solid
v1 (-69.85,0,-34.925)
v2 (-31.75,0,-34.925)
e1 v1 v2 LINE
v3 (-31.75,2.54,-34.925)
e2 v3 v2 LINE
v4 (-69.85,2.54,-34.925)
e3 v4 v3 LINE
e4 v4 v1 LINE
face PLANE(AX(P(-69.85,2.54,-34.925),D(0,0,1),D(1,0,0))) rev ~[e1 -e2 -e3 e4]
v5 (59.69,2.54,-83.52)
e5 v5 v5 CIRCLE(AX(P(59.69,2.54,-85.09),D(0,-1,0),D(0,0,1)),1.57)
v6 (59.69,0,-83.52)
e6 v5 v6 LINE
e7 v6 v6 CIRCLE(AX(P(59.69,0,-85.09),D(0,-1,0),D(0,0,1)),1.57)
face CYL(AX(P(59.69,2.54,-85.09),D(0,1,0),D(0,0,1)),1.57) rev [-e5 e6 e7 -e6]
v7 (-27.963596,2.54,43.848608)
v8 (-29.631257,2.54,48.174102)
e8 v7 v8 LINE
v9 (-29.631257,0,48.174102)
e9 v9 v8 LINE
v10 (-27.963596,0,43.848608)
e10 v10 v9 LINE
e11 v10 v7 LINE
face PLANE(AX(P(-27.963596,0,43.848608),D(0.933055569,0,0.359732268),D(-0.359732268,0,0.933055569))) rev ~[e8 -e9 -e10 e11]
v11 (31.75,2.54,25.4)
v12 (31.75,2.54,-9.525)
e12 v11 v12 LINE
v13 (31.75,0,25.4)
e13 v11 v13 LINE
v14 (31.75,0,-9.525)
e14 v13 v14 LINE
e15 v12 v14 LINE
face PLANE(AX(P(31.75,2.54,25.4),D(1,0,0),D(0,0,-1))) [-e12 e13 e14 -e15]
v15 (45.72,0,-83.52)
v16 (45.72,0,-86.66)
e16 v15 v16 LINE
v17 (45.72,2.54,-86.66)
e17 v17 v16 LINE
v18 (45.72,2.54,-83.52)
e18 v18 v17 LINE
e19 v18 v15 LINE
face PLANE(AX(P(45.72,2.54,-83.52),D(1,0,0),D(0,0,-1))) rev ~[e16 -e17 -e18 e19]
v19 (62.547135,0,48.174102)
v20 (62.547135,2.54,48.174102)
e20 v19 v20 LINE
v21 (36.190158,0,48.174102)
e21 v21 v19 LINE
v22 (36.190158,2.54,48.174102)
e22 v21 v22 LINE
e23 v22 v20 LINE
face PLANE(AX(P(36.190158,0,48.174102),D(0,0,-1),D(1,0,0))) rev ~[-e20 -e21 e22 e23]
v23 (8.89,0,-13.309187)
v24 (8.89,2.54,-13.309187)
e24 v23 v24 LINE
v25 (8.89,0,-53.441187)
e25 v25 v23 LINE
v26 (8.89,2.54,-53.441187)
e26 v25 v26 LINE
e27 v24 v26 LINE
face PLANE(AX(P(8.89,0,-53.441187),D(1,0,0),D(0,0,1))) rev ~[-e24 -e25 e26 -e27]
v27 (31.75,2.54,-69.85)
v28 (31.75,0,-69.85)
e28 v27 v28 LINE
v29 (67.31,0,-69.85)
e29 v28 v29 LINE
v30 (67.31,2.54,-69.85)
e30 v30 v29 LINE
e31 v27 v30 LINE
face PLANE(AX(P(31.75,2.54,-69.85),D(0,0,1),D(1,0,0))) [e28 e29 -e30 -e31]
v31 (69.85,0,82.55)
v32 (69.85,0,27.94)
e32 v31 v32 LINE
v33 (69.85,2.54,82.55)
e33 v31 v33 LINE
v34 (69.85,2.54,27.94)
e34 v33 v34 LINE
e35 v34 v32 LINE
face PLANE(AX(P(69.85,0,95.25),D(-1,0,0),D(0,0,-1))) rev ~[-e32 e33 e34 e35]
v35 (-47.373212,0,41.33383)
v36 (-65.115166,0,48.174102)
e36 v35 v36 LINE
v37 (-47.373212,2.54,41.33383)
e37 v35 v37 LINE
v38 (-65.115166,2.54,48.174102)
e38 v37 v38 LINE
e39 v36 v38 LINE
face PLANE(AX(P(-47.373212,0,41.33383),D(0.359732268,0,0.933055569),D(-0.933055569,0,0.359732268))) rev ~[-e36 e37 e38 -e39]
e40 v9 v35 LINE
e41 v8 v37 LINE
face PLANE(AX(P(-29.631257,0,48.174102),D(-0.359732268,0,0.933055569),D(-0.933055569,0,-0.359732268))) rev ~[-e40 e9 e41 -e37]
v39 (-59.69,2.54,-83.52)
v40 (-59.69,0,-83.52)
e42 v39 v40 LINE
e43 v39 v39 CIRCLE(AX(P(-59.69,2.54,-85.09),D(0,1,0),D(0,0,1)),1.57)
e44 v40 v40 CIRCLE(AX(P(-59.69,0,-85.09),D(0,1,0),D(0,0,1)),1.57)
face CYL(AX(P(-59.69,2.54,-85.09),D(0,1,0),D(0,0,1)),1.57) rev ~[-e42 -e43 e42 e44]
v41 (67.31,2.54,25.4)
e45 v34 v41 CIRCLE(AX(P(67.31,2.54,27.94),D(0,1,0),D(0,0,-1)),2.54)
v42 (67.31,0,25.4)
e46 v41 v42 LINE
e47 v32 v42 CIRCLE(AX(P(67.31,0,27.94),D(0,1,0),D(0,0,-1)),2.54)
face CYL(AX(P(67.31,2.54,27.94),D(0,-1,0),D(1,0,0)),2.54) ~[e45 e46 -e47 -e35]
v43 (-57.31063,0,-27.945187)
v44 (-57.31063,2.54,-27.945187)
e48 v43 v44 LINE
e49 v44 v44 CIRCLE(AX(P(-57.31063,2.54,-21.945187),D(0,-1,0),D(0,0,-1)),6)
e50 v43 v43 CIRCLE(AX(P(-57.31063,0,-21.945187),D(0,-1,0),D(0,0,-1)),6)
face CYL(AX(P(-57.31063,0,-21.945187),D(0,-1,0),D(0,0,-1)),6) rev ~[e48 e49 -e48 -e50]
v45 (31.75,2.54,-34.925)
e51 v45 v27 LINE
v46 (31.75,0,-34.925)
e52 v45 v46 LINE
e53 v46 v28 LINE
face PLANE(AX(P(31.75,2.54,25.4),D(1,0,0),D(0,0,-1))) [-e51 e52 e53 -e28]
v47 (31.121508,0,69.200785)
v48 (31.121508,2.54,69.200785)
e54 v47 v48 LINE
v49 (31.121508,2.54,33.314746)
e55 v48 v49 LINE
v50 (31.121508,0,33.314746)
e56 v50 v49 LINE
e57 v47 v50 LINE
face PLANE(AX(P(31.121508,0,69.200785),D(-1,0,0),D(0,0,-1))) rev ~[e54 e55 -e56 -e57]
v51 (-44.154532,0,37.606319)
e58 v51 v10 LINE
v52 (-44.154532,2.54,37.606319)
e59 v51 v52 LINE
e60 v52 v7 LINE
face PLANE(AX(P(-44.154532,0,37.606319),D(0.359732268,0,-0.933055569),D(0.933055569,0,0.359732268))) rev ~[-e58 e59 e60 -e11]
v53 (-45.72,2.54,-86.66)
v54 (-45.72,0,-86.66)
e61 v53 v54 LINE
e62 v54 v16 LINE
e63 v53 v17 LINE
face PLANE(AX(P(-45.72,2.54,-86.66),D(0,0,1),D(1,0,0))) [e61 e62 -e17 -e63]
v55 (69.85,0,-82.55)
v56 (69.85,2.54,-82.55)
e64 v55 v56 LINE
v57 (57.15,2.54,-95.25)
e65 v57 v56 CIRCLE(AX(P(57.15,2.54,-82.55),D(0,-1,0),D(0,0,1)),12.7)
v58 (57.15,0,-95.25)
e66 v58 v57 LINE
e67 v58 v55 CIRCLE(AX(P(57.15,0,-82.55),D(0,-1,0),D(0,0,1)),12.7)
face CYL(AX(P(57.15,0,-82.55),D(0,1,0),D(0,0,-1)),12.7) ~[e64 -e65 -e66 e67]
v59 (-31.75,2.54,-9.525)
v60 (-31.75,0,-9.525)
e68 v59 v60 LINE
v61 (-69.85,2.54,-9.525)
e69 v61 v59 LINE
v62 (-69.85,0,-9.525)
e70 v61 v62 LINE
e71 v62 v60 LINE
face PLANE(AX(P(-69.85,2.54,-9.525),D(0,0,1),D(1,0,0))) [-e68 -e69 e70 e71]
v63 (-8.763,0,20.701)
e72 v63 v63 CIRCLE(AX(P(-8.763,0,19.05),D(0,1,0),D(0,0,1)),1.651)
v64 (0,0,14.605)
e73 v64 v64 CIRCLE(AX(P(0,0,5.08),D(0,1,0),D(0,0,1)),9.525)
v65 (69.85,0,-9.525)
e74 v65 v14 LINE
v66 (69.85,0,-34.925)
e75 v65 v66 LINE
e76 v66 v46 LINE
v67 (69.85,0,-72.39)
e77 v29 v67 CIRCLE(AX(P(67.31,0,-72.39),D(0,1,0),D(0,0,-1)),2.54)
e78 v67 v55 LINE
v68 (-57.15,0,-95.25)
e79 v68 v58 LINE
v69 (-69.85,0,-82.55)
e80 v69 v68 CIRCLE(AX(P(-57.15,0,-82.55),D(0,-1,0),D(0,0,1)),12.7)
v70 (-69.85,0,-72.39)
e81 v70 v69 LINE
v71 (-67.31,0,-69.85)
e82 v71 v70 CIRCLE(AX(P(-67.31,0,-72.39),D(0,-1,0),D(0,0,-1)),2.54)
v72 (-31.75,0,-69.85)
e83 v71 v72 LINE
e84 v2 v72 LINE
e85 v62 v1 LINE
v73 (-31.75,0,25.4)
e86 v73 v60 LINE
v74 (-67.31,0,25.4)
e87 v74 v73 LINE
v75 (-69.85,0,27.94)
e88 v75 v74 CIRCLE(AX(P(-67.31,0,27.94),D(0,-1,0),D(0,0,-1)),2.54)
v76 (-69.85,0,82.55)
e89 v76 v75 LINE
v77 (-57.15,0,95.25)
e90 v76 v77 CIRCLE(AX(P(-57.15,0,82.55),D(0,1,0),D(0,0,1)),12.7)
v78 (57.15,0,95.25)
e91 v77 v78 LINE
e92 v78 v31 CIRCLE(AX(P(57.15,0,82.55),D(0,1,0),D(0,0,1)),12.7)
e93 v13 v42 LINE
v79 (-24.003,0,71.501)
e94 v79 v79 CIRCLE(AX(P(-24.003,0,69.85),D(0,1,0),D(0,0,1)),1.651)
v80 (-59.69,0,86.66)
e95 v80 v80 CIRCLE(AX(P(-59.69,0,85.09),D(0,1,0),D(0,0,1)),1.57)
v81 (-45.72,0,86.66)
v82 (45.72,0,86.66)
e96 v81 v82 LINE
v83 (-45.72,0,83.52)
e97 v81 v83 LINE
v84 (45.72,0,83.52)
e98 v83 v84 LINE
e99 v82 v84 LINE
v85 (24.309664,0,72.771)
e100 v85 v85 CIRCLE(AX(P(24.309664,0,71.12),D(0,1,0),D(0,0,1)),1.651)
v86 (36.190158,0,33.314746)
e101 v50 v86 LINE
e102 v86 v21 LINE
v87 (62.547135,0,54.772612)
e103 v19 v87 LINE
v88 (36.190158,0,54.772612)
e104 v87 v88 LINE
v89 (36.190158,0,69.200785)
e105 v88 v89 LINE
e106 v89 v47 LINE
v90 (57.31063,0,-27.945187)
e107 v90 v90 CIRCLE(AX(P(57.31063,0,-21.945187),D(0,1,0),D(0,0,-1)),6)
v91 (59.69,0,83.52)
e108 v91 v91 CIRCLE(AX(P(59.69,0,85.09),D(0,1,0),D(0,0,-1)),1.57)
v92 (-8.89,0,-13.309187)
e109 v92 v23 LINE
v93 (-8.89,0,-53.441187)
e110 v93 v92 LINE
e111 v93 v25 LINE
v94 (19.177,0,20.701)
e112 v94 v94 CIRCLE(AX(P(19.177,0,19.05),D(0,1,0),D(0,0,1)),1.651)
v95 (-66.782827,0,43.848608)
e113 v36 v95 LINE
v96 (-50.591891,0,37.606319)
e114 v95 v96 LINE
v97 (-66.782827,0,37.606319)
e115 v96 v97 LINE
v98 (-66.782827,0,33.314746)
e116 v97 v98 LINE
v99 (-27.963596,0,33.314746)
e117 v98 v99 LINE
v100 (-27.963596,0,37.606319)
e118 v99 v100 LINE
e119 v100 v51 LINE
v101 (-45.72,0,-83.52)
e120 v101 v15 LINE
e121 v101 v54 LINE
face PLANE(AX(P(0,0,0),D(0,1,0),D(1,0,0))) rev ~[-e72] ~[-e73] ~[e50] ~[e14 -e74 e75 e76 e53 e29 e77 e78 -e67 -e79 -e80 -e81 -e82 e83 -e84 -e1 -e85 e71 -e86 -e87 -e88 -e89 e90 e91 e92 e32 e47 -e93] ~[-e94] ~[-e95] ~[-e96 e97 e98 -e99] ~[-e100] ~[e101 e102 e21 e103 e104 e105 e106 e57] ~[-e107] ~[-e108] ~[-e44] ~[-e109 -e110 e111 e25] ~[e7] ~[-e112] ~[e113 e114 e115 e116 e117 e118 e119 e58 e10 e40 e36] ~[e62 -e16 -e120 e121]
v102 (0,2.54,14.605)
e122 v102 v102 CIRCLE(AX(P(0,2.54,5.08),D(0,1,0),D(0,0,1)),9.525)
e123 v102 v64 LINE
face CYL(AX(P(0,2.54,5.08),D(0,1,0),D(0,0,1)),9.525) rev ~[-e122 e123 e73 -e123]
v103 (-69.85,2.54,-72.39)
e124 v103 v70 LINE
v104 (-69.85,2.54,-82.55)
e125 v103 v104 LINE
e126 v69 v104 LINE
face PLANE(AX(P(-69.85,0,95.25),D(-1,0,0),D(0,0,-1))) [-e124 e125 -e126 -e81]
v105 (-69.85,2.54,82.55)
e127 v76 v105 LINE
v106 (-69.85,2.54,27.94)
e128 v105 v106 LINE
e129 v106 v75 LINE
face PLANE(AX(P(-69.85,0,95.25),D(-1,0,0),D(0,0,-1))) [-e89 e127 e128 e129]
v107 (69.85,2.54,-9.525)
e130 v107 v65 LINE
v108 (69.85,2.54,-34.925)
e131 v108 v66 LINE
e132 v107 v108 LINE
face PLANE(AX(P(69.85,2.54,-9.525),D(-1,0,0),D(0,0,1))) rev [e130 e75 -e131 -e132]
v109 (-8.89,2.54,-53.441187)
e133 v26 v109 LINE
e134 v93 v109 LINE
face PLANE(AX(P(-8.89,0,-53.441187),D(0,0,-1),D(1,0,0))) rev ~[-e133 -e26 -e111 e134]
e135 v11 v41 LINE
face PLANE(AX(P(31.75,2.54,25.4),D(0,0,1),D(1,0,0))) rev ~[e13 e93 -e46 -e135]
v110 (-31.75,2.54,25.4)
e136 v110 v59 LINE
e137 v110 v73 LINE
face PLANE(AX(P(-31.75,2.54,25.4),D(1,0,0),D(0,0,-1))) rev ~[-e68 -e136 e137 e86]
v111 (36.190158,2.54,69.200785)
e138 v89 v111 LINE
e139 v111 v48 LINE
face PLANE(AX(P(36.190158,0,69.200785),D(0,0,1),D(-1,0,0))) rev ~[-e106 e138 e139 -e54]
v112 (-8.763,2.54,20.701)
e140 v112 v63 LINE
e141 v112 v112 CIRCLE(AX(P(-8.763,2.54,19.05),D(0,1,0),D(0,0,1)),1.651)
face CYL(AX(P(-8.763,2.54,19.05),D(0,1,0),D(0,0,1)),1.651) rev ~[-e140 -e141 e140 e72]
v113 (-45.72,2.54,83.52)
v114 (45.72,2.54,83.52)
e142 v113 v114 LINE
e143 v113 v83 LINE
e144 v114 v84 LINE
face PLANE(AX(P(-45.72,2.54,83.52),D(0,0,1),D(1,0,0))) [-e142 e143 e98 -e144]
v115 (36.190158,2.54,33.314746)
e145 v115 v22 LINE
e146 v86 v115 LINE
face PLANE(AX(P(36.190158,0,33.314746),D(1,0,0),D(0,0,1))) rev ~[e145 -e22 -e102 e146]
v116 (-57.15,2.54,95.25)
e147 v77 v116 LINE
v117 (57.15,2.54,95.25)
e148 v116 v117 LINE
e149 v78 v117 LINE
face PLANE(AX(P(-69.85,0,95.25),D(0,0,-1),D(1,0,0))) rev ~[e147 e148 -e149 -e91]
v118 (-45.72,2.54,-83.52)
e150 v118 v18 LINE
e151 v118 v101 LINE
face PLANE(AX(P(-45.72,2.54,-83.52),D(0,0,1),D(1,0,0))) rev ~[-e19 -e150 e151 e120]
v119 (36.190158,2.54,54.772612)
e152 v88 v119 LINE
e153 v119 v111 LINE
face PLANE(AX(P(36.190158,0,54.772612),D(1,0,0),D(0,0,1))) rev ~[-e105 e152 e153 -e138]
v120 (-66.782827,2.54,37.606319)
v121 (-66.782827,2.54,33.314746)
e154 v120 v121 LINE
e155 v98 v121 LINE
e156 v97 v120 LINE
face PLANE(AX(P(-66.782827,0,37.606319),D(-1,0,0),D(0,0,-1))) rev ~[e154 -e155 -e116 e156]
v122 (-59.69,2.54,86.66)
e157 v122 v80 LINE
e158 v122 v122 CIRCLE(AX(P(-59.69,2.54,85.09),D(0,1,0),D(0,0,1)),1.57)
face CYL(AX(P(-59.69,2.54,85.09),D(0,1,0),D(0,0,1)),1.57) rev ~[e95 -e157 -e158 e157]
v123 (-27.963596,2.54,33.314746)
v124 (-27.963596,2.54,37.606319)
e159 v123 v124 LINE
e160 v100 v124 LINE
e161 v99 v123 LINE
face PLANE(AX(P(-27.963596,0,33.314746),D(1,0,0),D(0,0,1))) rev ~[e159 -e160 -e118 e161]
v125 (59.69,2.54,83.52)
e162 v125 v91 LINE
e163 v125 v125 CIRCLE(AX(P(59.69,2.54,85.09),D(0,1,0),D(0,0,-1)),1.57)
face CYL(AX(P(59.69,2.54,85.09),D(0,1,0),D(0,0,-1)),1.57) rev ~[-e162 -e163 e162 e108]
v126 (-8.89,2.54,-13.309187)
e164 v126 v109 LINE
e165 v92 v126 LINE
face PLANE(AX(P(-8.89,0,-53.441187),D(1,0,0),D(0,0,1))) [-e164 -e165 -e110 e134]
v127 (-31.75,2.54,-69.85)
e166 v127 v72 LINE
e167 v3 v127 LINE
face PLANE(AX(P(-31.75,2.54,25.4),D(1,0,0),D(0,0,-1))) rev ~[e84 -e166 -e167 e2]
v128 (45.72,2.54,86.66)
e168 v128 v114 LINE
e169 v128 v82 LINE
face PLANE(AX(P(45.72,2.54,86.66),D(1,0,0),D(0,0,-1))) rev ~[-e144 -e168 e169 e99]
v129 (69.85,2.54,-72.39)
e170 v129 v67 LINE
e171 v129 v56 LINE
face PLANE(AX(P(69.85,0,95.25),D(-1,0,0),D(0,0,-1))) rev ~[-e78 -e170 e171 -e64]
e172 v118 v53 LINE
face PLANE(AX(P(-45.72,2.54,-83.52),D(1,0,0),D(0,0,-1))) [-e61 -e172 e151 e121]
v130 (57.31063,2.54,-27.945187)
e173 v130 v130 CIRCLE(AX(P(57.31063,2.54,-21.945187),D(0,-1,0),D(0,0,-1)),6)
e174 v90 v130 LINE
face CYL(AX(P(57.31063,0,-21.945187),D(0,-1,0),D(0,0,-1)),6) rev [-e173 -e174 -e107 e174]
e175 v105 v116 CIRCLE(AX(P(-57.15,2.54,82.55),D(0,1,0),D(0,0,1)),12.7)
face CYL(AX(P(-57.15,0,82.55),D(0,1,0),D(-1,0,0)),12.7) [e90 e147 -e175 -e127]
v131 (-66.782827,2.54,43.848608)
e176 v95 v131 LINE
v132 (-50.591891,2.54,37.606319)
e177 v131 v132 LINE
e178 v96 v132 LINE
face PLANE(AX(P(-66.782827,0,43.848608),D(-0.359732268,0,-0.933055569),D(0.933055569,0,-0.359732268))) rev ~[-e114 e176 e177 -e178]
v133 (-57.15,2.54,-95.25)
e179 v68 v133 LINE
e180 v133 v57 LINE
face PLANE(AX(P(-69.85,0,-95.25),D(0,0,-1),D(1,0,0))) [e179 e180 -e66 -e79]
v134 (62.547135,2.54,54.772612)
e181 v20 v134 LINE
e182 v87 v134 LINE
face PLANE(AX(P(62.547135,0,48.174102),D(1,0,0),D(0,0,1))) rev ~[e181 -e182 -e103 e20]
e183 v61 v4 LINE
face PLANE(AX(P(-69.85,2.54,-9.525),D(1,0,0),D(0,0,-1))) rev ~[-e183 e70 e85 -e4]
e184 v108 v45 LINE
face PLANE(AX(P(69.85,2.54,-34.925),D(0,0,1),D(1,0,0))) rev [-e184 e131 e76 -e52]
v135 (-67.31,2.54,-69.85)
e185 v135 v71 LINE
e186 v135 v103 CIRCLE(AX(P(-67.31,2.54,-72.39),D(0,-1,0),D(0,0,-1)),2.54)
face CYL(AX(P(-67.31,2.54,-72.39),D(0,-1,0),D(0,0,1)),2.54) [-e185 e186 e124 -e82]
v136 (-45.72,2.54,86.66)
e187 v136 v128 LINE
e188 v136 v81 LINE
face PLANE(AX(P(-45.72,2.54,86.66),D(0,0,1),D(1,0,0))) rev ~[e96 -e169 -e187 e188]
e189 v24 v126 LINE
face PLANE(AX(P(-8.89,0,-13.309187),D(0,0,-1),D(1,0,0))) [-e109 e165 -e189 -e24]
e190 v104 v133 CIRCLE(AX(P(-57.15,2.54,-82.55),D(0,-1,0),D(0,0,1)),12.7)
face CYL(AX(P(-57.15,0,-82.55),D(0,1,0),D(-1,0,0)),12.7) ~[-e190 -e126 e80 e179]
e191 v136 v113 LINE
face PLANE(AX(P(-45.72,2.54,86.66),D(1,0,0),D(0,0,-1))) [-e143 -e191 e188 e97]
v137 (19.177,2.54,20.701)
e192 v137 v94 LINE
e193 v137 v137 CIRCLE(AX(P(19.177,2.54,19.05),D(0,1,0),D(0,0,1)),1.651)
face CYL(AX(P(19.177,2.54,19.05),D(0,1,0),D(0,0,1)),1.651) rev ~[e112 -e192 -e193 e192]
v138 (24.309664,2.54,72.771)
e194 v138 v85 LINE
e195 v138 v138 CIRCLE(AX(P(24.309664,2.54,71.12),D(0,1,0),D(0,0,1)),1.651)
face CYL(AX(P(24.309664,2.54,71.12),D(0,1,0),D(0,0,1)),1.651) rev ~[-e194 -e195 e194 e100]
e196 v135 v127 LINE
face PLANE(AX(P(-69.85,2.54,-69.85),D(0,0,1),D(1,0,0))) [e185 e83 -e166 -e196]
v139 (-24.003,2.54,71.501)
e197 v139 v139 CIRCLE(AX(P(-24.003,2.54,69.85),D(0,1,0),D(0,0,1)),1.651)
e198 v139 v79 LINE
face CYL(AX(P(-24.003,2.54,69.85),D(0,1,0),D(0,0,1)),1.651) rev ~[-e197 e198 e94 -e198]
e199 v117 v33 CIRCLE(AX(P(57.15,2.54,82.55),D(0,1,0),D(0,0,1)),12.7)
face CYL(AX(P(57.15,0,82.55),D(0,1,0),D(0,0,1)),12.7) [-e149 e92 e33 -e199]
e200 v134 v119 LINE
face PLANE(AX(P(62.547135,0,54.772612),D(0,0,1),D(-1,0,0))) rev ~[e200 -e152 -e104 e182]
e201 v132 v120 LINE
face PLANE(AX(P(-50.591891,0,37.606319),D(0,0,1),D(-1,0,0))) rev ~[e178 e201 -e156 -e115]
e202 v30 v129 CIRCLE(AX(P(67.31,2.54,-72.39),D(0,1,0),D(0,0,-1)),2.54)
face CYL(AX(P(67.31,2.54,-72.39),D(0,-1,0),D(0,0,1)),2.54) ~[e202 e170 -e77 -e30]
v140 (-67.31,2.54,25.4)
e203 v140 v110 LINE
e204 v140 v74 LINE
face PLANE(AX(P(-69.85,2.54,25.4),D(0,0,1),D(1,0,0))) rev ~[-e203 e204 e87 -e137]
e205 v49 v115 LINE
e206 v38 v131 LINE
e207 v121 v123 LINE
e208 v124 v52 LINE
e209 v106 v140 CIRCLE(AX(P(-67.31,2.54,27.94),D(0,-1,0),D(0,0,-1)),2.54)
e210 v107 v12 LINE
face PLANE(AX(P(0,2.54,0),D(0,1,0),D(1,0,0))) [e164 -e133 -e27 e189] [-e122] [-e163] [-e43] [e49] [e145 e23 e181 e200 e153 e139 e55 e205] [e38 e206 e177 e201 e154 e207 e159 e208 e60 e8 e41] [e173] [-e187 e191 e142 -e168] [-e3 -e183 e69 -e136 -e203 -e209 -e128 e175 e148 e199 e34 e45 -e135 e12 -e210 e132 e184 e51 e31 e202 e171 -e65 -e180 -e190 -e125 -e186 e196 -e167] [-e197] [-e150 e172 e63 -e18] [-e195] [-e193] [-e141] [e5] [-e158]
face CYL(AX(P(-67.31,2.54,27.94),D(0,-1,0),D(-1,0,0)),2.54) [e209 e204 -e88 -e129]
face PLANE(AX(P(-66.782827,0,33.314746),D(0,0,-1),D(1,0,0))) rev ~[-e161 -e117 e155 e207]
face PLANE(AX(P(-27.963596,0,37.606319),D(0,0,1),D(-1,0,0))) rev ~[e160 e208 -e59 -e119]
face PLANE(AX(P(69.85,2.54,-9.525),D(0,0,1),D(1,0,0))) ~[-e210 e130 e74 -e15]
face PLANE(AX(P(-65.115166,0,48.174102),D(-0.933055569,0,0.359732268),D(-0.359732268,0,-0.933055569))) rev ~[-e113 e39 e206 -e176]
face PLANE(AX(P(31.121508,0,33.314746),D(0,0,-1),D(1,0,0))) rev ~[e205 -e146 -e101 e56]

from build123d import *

# Parameters (mm, degrees)
SKETCH2_W                    = 139.7
SKETCH2_H                    = 190.5
BASE_PLATE_DEPTH             = 2.54
SKETCH5_W                    = 38.1
SKETCH5_H                    = 95.25
STEERING_WHEELS_HOLES_DEPTH  = 6.35
FILLET1_R                    = 12.7
FILLET2_R                    = 2.54
SKETCH18_R                   = 1.651
HOLES_FOR_ARDUINO_UNO_DEPTH  = 119.144134852
SKETCH20_R                   = 9.525
CUTOUT_FOR_MOTOR_WIRES_DEPTH = 119.144134852
SKETCH24_R                   = 1.57
CUT_EXTRUDE1_DEPTH           = 2.54
SKETCH25_R                   = 1.57
CUT_EXTRUDE3_DEPTH           = 2.54
SKETCH27_W                   = 91.44
SKETCH27_H                   = 3.14
CUT_EXTRUDE4_DEPTH           = 2.54
SKETCH28_W                   = 38.1
SKETCH28_H                   = 25.4
BOSS_EXTRUDE1_DEPTH          = 2.54
SKETCH29_R                   = 6
CUT_EXTRUDE5_DEPTH           = 119.144134852
SKETCH30_W                   = 17.78
SKETCH30_H                   = 40.132
CUT_EXTRUDE6_DEPTH           = 119.144134852
CUT_EXTRUDE7_DEPTH           = 2.54


with BuildPart() as part:
    # Sketch2 → Base Plate (new body)
    with BuildSketch(Plane(origin=(0, 0, 0), x_dir=(1, 0, 0), z_dir=(0, 1, 0))):
        Rectangle(SKETCH2_W, SKETCH2_H)
    extrude(amount=BASE_PLATE_DEPTH)

    # Sketch5 → Steering Wheels Holes (cut)
    with BuildSketch(Plane(origin=(0, 2.54, 0), x_dir=(1, 0, 0), z_dir=(0, 1, 0))):
        with Locations((-50.8, 22.225)):
            Rectangle(SKETCH5_W, SKETCH5_H)
        with Locations((50.8, 22.225)):
            Rectangle(SKETCH5_W, SKETCH5_H)
    extrude(amount=-STEERING_WHEELS_HOLES_DEPTH, mode=Mode.SUBTRACT)

    # Fillet1
    fillet1_edges = [part.edges().sort_by_distance(p)[0] for p in [
        (69.85, 1.27, 95.25),
        (-69.85, 1.27, 95.25),
        (-69.85, 1.27, -95.25),
        (69.85, 1.27, -95.25),
    ]]
    fillet(fillet1_edges, radius=FILLET1_R)

    # Fillet2
    fillet2_edges = [part.edges().sort_by_distance(p)[0] for p in [
        (-69.85, 1.27, 25.4),
        (-69.85, 1.27, -69.85),
        (69.85, 1.27, -69.85),
        (69.85, 1.27, 25.4),
    ]]
    fillet(fillet2_edges, radius=FILLET2_R)

    # Sketch18 → Holes for Arduino UNO (cut, through all)
    with BuildSketch(Plane(origin=(0, 2.54, 0), x_dir=(1, 0, 0), z_dir=(0, 1, 0))):
        with Locations(Location((-8.763, -19.05, 0), (0, 0, 270))):
            Circle(SKETCH18_R)
        with Locations(Location((19.177, -19.05, 0), (0, 0, 270))):
            Circle(SKETCH18_R)
        with Locations(Location((-24.003, -69.85, 0), (0, 0, 270))):
            Circle(SKETCH18_R)
        with Locations(Location((24.309664393, -71.12, 0), (0, 0, 270))):
            Circle(SKETCH18_R)
    extrude(amount=-HOLES_FOR_ARDUINO_UNO_DEPTH, mode=Mode.SUBTRACT)

    # Sketch20 → Cutout for motor wires (cut, through all)
    with BuildSketch(Plane(origin=(0, 2.54, 0), x_dir=(1, 0, 0), z_dir=(0, 1, 0))):
        with Locations(Location((0, -5.08, 0), (0, 0, 270))):
            Circle(SKETCH20_R)
    extrude(amount=-CUTOUT_FOR_MOTOR_WIRES_DEPTH, mode=Mode.SUBTRACT)

    # Sketch24 → Cut-Extrude1 (cut)
    with BuildSketch(Plane(origin=(0, 2.54, 0), x_dir=(1, 0, 0), z_dir=(0, 1, 0))):
        with Locations(Location((-59.69, 85.09, 0), (0, 0, 270))):
            Circle(SKETCH24_R)
    cut_extrude1 = extrude(amount=-CUT_EXTRUDE1_DEPTH, mode=Mode.SUBTRACT)

    # Mirror1: Cut-Extrude1 across plane
    add(cut_extrude1.mirror(Plane(origin=(0, 0, 0), x_dir=(0, 0, 1), z_dir=(1, 0, 0))), mode=Mode.SUBTRACT)

    # Sketch25 → Cut-Extrude3 (cut)
    with BuildSketch(Plane(origin=(0, 2.54, 0), x_dir=(1, 0, 0), z_dir=(0, 1, 0))):
        with Locations(Location((-59.69, -85.09, 0), (0, 0, 270))):
            Circle(SKETCH25_R)
        with Locations(Location((59.69, -85.09, 0), (0, 0, 90))):
            Circle(SKETCH25_R)
    extrude(amount=-CUT_EXTRUDE3_DEPTH, mode=Mode.SUBTRACT)

    # Sketch27 → Cut-Extrude4 (cut)
    with BuildSketch(Plane(origin=(0, 2.54, 0), x_dir=(1, 0, 0), z_dir=(0, 1, 0))):
        with Locations((0, -85.09)):
            Rectangle(SKETCH27_W, SKETCH27_H)
        with Locations((0, 85.09)):
            Rectangle(SKETCH27_W, SKETCH27_H)
    extrude(amount=-CUT_EXTRUDE4_DEPTH, mode=Mode.SUBTRACT)

    # Sketch28 → Boss-Extrude1 (add, through all)
    with BuildSketch(Plane(origin=(0, 2.54, 0), x_dir=(1, 0, 0), z_dir=(0, 1, 0))):
        with Locations((-50.8, 22.225)):
            Rectangle(SKETCH28_W, SKETCH28_H)
    boss_extrude1 = extrude(amount=-BOSS_EXTRUDE1_DEPTH)

    # Mirror2: Boss-Extrude1 across plane
    add(boss_extrude1.mirror(Plane(origin=(0, 0, 0), x_dir=(0, 0, 1), z_dir=(1, 0, 0))))

    # Sketch29 → Cut-Extrude5 (cut, through all)
    with BuildSketch(Plane.XZ):
        with Locations(Location((-57.3106296, -21.945186919, 0), (0, 0, 270))):
            Circle(SKETCH29_R)
    cut_extrude5 = extrude(amount=-CUT_EXTRUDE5_DEPTH, mode=Mode.SUBTRACT)

    # Mirror3: Cut-Extrude5 across plane
    add(cut_extrude5.mirror(Plane(origin=(0, 0, 0), x_dir=(0, 0, 1), z_dir=(1, 0, 0))), mode=Mode.SUBTRACT)

    # Sketch30 → Cut-Extrude6 (cut, through all)
    with BuildSketch(Plane.XZ):
        with Locations((0, -33.375186919)):
            Rectangle(SKETCH30_W, SKETCH30_H)
    extrude(amount=-CUT_EXTRUDE6_DEPTH, mode=Mode.SUBTRACT)

    # Sketch31 → Cut-Extrude7 (cut)
    with BuildSketch(Plane.XZ):
        Polygon((-66.782826822, 33.314746009), (-27.963596323, 33.314746009), (-27.963596323, 37.60631923), (-44.154531657, 37.60631923), (-27.963596323, 43.848607552), (-29.63125682, 48.174101966), (-47.373211572, 41.333830254), (-65.115166325, 48.174101966), (-66.782826822, 43.848607552), (-50.591891488, 37.60631923), (-66.782826822, 37.60631923), align=None)
        Polygon((31.121508027, 33.314746009), (36.190157542, 33.314746009), (36.190157542, 48.174101966), (62.547135024, 48.174101966), (62.547135024, 54.772612114), (36.190157542, 54.772612114), (36.190157542, 69.200784581), (31.121508027, 69.200784581), align=None)
    extrude(amount=-CUT_EXTRUDE7_DEPTH, mode=Mode.SUBTRACT)


solid = part.part
